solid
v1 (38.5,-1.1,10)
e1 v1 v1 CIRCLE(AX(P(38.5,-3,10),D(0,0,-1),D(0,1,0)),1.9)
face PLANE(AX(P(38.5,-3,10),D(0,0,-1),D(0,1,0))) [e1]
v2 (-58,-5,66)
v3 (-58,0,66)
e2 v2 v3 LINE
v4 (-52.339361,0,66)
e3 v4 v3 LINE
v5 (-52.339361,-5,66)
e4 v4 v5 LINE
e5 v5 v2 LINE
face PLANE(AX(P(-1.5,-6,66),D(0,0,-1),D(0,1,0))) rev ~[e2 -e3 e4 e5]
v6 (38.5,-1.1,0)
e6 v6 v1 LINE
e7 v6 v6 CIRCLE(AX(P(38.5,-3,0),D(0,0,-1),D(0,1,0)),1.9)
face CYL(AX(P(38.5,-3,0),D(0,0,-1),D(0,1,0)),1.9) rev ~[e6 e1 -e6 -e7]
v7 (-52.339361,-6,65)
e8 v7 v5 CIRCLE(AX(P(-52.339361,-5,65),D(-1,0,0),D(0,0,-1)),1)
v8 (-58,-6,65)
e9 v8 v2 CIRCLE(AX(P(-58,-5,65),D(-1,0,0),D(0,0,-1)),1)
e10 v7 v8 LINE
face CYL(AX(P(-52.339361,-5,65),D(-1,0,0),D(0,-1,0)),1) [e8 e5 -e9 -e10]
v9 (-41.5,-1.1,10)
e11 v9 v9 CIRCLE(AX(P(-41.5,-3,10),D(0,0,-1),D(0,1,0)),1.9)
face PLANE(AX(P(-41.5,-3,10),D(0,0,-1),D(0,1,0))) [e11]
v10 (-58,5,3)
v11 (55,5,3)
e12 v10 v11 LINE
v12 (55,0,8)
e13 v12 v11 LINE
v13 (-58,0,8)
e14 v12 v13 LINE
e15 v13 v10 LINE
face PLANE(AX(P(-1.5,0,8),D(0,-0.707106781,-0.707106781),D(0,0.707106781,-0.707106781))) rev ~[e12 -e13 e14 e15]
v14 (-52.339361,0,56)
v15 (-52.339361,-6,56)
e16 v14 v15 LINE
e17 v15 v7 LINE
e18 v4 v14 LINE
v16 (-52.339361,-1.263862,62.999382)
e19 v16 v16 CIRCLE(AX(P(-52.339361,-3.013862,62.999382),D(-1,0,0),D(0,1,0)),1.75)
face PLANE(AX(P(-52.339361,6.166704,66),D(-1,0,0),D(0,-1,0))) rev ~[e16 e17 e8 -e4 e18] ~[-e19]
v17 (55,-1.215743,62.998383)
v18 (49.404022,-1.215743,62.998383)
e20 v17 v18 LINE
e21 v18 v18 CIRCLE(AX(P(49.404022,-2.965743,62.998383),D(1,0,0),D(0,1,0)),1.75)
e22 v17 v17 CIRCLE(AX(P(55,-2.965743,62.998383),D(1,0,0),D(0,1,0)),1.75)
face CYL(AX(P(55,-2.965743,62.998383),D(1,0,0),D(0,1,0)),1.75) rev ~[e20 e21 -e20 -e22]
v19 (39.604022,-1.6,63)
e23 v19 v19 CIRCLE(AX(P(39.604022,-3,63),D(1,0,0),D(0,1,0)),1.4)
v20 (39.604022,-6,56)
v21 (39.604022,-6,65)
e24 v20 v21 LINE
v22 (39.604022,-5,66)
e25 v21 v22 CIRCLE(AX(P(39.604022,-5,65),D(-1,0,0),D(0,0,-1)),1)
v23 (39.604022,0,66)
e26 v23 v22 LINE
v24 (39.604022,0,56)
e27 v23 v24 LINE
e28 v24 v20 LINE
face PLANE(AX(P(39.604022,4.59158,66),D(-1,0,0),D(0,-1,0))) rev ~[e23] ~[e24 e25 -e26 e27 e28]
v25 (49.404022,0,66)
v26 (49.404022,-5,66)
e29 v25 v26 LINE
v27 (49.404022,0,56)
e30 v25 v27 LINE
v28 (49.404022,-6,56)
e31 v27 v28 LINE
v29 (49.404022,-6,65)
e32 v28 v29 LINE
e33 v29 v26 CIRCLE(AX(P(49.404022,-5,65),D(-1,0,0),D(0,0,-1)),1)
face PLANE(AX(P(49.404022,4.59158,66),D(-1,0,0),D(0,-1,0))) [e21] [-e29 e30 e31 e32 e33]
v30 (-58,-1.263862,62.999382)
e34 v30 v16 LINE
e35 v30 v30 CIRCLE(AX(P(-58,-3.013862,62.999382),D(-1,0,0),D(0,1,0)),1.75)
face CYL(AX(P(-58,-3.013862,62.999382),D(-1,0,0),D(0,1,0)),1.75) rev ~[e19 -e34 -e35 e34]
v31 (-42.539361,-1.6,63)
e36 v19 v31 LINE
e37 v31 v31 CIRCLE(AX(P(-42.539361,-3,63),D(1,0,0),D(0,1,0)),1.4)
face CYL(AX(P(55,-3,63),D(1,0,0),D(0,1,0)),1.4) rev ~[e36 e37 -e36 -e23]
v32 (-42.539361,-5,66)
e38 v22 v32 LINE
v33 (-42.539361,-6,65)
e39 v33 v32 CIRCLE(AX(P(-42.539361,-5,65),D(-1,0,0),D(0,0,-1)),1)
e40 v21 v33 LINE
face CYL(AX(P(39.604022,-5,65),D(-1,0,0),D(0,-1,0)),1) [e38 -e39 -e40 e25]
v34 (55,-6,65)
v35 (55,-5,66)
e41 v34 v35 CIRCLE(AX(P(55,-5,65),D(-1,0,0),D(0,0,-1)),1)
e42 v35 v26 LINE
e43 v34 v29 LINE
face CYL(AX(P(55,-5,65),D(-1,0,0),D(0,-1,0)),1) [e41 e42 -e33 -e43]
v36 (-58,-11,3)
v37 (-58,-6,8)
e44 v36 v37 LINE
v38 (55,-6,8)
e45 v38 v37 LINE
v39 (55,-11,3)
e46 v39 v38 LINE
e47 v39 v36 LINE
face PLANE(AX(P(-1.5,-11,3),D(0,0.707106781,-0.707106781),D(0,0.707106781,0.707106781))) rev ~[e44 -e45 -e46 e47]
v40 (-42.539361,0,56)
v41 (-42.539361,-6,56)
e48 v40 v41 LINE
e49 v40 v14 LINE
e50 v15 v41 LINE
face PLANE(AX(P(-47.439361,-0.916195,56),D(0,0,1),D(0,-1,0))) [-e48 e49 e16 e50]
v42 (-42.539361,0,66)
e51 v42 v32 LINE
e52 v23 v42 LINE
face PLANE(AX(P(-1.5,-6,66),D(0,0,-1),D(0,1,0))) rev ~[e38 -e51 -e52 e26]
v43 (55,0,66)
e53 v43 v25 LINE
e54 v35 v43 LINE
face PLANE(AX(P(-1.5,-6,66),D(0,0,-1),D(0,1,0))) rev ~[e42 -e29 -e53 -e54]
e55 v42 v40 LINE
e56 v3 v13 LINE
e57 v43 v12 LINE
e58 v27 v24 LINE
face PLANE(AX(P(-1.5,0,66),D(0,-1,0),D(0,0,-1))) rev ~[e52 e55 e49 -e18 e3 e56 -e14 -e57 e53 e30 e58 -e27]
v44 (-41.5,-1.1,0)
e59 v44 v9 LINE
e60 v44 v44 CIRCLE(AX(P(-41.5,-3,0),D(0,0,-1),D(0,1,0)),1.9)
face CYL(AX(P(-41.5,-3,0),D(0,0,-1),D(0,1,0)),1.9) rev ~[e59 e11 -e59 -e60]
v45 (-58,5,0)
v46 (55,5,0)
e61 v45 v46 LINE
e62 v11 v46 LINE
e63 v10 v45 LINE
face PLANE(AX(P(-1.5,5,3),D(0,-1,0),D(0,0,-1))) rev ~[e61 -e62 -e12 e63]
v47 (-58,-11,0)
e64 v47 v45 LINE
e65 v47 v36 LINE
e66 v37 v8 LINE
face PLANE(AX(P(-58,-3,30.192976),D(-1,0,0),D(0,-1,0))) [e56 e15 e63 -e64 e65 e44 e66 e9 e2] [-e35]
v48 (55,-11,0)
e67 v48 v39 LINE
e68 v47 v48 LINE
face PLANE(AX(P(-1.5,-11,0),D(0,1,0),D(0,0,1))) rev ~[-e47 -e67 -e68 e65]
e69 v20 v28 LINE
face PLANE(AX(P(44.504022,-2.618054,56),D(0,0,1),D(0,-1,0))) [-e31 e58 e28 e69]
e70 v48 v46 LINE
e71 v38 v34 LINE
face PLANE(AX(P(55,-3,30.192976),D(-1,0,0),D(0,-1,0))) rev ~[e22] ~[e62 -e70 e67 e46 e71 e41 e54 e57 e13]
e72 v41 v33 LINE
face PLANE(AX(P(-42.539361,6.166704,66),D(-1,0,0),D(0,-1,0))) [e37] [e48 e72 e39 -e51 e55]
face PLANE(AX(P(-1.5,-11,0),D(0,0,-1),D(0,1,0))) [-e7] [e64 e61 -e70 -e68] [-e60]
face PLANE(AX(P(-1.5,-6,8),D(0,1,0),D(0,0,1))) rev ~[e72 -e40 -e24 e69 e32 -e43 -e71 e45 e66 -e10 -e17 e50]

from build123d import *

# Parameters (mm, degrees)
PAD_DEPTH       = 56.5
SKETCH049_W     = 9.963656
SKETCH049_H     = 4.853651
SKETCH049_W_2   = 14.419268
SKETCH049_H_2   = 9.8
SKETCH049_W_3   = 14.165799
SKETCH049_W_4   = 9.249737
SKETCH049_H_3   = 3.2
POCKET033_DEPTH = 10
SKETCH050_R     = 1.4
POCKET034_DEPTH = 113.001
SKETCH051_R     = 1.75
POCKET035_DEPTH = 7
SKETCH052_R     = 1.75
POCKET036_DEPTH = 7
SKETCH053_R     = 1.9
POCKET037_DEPTH = 10
FILLET_R        = 1


with BuildPart() as part:
    # Sketch041 → Pad (new body, symmetric)
    with BuildSketch(Plane.YZ):
        Polygon((-11, 0), (-11, 3), (-6, 8), (-6, 66), (0, 66), (0, 8), (5, 3), (5, 0), (0, 0), align=None)
    extrude(amount=PAD_DEPTH, both=True)

    # Sketch049 (on Face4 of Pad) → Pocket033 (cut)
    with BuildSketch(Plane(origin=(0, 0, 66), x_dir=(0, -1, 0), z_dir=(0, 0, 1))):
        with Locations((1.82395, 59.0693)):
            Rectangle(SKETCH049_W, SKETCH049_H)
        with Locations((2.618054, 46.004022)):
            Rectangle(SKETCH049_W_2, SKETCH049_H_2)
        with Locations((0.916195, -45.939361)):
            Rectangle(SKETCH049_W_3, SKETCH049_H_2)
        with Locations((2.129443, -58.515822)):
            Rectangle(SKETCH049_W_4, SKETCH049_H_3)
    extrude(amount=-POCKET033_DEPTH, mode=Mode.SUBTRACT)

    # Sketch050 (on Face5 of Pocket033) → Pocket034 (cut, through all)
    with BuildSketch(Plane.YZ.offset(56.5)):
        with Locations((-3, 63)):
            Circle(SKETCH050_R)
    extrude(amount=-POCKET034_DEPTH, mode=Mode.SUBTRACT)

    # Sketch051 (on Face5 of Pocket034) → Pocket035 (cut)
    with BuildSketch(Plane.YZ.offset(56.5)):
        with Locations((-2.965743, 62.998383)):
            Circle(SKETCH051_R)
    extrude(amount=-POCKET035_DEPTH, mode=Mode.SUBTRACT)

    # Sketch052 (on Face4 of Pocket035) → Pocket036 (cut)
    with BuildSketch(Plane(origin=(-56.5, 0, 0), x_dir=(0, 1, 0), z_dir=(-1, 0, 0))):
        with Locations((-3.013862, -62.999382)):
            Circle(SKETCH052_R)
    extrude(amount=-POCKET036_DEPTH, mode=Mode.SUBTRACT)

    # Sketch053 (on Face2 of Pocket036) → Pocket037 (cut)
    with BuildSketch(Plane.YX):
        with Locations((-3, 40)):
            Circle(SKETCH053_R)
        with Locations((-3, -40)):
            Circle(SKETCH053_R)
    extrude(amount=-POCKET037_DEPTH, mode=Mode.SUBTRACT)

    # Fillet
    fillet_edges = [part.edges().sort_by_distance(p)[0] for p in [
        (0.03233, -6, 66),
        (53.702011, -6, 66),
        (-53.66968, -6, 66),
    ]]
    fillet(fillet_edges, radius=FILLET_R)


with BuildPart() as part_1:
    # Body placement: moved
    add(part.part.moved(Location((-1.5, 0, 0))))


solid = part_1.part
